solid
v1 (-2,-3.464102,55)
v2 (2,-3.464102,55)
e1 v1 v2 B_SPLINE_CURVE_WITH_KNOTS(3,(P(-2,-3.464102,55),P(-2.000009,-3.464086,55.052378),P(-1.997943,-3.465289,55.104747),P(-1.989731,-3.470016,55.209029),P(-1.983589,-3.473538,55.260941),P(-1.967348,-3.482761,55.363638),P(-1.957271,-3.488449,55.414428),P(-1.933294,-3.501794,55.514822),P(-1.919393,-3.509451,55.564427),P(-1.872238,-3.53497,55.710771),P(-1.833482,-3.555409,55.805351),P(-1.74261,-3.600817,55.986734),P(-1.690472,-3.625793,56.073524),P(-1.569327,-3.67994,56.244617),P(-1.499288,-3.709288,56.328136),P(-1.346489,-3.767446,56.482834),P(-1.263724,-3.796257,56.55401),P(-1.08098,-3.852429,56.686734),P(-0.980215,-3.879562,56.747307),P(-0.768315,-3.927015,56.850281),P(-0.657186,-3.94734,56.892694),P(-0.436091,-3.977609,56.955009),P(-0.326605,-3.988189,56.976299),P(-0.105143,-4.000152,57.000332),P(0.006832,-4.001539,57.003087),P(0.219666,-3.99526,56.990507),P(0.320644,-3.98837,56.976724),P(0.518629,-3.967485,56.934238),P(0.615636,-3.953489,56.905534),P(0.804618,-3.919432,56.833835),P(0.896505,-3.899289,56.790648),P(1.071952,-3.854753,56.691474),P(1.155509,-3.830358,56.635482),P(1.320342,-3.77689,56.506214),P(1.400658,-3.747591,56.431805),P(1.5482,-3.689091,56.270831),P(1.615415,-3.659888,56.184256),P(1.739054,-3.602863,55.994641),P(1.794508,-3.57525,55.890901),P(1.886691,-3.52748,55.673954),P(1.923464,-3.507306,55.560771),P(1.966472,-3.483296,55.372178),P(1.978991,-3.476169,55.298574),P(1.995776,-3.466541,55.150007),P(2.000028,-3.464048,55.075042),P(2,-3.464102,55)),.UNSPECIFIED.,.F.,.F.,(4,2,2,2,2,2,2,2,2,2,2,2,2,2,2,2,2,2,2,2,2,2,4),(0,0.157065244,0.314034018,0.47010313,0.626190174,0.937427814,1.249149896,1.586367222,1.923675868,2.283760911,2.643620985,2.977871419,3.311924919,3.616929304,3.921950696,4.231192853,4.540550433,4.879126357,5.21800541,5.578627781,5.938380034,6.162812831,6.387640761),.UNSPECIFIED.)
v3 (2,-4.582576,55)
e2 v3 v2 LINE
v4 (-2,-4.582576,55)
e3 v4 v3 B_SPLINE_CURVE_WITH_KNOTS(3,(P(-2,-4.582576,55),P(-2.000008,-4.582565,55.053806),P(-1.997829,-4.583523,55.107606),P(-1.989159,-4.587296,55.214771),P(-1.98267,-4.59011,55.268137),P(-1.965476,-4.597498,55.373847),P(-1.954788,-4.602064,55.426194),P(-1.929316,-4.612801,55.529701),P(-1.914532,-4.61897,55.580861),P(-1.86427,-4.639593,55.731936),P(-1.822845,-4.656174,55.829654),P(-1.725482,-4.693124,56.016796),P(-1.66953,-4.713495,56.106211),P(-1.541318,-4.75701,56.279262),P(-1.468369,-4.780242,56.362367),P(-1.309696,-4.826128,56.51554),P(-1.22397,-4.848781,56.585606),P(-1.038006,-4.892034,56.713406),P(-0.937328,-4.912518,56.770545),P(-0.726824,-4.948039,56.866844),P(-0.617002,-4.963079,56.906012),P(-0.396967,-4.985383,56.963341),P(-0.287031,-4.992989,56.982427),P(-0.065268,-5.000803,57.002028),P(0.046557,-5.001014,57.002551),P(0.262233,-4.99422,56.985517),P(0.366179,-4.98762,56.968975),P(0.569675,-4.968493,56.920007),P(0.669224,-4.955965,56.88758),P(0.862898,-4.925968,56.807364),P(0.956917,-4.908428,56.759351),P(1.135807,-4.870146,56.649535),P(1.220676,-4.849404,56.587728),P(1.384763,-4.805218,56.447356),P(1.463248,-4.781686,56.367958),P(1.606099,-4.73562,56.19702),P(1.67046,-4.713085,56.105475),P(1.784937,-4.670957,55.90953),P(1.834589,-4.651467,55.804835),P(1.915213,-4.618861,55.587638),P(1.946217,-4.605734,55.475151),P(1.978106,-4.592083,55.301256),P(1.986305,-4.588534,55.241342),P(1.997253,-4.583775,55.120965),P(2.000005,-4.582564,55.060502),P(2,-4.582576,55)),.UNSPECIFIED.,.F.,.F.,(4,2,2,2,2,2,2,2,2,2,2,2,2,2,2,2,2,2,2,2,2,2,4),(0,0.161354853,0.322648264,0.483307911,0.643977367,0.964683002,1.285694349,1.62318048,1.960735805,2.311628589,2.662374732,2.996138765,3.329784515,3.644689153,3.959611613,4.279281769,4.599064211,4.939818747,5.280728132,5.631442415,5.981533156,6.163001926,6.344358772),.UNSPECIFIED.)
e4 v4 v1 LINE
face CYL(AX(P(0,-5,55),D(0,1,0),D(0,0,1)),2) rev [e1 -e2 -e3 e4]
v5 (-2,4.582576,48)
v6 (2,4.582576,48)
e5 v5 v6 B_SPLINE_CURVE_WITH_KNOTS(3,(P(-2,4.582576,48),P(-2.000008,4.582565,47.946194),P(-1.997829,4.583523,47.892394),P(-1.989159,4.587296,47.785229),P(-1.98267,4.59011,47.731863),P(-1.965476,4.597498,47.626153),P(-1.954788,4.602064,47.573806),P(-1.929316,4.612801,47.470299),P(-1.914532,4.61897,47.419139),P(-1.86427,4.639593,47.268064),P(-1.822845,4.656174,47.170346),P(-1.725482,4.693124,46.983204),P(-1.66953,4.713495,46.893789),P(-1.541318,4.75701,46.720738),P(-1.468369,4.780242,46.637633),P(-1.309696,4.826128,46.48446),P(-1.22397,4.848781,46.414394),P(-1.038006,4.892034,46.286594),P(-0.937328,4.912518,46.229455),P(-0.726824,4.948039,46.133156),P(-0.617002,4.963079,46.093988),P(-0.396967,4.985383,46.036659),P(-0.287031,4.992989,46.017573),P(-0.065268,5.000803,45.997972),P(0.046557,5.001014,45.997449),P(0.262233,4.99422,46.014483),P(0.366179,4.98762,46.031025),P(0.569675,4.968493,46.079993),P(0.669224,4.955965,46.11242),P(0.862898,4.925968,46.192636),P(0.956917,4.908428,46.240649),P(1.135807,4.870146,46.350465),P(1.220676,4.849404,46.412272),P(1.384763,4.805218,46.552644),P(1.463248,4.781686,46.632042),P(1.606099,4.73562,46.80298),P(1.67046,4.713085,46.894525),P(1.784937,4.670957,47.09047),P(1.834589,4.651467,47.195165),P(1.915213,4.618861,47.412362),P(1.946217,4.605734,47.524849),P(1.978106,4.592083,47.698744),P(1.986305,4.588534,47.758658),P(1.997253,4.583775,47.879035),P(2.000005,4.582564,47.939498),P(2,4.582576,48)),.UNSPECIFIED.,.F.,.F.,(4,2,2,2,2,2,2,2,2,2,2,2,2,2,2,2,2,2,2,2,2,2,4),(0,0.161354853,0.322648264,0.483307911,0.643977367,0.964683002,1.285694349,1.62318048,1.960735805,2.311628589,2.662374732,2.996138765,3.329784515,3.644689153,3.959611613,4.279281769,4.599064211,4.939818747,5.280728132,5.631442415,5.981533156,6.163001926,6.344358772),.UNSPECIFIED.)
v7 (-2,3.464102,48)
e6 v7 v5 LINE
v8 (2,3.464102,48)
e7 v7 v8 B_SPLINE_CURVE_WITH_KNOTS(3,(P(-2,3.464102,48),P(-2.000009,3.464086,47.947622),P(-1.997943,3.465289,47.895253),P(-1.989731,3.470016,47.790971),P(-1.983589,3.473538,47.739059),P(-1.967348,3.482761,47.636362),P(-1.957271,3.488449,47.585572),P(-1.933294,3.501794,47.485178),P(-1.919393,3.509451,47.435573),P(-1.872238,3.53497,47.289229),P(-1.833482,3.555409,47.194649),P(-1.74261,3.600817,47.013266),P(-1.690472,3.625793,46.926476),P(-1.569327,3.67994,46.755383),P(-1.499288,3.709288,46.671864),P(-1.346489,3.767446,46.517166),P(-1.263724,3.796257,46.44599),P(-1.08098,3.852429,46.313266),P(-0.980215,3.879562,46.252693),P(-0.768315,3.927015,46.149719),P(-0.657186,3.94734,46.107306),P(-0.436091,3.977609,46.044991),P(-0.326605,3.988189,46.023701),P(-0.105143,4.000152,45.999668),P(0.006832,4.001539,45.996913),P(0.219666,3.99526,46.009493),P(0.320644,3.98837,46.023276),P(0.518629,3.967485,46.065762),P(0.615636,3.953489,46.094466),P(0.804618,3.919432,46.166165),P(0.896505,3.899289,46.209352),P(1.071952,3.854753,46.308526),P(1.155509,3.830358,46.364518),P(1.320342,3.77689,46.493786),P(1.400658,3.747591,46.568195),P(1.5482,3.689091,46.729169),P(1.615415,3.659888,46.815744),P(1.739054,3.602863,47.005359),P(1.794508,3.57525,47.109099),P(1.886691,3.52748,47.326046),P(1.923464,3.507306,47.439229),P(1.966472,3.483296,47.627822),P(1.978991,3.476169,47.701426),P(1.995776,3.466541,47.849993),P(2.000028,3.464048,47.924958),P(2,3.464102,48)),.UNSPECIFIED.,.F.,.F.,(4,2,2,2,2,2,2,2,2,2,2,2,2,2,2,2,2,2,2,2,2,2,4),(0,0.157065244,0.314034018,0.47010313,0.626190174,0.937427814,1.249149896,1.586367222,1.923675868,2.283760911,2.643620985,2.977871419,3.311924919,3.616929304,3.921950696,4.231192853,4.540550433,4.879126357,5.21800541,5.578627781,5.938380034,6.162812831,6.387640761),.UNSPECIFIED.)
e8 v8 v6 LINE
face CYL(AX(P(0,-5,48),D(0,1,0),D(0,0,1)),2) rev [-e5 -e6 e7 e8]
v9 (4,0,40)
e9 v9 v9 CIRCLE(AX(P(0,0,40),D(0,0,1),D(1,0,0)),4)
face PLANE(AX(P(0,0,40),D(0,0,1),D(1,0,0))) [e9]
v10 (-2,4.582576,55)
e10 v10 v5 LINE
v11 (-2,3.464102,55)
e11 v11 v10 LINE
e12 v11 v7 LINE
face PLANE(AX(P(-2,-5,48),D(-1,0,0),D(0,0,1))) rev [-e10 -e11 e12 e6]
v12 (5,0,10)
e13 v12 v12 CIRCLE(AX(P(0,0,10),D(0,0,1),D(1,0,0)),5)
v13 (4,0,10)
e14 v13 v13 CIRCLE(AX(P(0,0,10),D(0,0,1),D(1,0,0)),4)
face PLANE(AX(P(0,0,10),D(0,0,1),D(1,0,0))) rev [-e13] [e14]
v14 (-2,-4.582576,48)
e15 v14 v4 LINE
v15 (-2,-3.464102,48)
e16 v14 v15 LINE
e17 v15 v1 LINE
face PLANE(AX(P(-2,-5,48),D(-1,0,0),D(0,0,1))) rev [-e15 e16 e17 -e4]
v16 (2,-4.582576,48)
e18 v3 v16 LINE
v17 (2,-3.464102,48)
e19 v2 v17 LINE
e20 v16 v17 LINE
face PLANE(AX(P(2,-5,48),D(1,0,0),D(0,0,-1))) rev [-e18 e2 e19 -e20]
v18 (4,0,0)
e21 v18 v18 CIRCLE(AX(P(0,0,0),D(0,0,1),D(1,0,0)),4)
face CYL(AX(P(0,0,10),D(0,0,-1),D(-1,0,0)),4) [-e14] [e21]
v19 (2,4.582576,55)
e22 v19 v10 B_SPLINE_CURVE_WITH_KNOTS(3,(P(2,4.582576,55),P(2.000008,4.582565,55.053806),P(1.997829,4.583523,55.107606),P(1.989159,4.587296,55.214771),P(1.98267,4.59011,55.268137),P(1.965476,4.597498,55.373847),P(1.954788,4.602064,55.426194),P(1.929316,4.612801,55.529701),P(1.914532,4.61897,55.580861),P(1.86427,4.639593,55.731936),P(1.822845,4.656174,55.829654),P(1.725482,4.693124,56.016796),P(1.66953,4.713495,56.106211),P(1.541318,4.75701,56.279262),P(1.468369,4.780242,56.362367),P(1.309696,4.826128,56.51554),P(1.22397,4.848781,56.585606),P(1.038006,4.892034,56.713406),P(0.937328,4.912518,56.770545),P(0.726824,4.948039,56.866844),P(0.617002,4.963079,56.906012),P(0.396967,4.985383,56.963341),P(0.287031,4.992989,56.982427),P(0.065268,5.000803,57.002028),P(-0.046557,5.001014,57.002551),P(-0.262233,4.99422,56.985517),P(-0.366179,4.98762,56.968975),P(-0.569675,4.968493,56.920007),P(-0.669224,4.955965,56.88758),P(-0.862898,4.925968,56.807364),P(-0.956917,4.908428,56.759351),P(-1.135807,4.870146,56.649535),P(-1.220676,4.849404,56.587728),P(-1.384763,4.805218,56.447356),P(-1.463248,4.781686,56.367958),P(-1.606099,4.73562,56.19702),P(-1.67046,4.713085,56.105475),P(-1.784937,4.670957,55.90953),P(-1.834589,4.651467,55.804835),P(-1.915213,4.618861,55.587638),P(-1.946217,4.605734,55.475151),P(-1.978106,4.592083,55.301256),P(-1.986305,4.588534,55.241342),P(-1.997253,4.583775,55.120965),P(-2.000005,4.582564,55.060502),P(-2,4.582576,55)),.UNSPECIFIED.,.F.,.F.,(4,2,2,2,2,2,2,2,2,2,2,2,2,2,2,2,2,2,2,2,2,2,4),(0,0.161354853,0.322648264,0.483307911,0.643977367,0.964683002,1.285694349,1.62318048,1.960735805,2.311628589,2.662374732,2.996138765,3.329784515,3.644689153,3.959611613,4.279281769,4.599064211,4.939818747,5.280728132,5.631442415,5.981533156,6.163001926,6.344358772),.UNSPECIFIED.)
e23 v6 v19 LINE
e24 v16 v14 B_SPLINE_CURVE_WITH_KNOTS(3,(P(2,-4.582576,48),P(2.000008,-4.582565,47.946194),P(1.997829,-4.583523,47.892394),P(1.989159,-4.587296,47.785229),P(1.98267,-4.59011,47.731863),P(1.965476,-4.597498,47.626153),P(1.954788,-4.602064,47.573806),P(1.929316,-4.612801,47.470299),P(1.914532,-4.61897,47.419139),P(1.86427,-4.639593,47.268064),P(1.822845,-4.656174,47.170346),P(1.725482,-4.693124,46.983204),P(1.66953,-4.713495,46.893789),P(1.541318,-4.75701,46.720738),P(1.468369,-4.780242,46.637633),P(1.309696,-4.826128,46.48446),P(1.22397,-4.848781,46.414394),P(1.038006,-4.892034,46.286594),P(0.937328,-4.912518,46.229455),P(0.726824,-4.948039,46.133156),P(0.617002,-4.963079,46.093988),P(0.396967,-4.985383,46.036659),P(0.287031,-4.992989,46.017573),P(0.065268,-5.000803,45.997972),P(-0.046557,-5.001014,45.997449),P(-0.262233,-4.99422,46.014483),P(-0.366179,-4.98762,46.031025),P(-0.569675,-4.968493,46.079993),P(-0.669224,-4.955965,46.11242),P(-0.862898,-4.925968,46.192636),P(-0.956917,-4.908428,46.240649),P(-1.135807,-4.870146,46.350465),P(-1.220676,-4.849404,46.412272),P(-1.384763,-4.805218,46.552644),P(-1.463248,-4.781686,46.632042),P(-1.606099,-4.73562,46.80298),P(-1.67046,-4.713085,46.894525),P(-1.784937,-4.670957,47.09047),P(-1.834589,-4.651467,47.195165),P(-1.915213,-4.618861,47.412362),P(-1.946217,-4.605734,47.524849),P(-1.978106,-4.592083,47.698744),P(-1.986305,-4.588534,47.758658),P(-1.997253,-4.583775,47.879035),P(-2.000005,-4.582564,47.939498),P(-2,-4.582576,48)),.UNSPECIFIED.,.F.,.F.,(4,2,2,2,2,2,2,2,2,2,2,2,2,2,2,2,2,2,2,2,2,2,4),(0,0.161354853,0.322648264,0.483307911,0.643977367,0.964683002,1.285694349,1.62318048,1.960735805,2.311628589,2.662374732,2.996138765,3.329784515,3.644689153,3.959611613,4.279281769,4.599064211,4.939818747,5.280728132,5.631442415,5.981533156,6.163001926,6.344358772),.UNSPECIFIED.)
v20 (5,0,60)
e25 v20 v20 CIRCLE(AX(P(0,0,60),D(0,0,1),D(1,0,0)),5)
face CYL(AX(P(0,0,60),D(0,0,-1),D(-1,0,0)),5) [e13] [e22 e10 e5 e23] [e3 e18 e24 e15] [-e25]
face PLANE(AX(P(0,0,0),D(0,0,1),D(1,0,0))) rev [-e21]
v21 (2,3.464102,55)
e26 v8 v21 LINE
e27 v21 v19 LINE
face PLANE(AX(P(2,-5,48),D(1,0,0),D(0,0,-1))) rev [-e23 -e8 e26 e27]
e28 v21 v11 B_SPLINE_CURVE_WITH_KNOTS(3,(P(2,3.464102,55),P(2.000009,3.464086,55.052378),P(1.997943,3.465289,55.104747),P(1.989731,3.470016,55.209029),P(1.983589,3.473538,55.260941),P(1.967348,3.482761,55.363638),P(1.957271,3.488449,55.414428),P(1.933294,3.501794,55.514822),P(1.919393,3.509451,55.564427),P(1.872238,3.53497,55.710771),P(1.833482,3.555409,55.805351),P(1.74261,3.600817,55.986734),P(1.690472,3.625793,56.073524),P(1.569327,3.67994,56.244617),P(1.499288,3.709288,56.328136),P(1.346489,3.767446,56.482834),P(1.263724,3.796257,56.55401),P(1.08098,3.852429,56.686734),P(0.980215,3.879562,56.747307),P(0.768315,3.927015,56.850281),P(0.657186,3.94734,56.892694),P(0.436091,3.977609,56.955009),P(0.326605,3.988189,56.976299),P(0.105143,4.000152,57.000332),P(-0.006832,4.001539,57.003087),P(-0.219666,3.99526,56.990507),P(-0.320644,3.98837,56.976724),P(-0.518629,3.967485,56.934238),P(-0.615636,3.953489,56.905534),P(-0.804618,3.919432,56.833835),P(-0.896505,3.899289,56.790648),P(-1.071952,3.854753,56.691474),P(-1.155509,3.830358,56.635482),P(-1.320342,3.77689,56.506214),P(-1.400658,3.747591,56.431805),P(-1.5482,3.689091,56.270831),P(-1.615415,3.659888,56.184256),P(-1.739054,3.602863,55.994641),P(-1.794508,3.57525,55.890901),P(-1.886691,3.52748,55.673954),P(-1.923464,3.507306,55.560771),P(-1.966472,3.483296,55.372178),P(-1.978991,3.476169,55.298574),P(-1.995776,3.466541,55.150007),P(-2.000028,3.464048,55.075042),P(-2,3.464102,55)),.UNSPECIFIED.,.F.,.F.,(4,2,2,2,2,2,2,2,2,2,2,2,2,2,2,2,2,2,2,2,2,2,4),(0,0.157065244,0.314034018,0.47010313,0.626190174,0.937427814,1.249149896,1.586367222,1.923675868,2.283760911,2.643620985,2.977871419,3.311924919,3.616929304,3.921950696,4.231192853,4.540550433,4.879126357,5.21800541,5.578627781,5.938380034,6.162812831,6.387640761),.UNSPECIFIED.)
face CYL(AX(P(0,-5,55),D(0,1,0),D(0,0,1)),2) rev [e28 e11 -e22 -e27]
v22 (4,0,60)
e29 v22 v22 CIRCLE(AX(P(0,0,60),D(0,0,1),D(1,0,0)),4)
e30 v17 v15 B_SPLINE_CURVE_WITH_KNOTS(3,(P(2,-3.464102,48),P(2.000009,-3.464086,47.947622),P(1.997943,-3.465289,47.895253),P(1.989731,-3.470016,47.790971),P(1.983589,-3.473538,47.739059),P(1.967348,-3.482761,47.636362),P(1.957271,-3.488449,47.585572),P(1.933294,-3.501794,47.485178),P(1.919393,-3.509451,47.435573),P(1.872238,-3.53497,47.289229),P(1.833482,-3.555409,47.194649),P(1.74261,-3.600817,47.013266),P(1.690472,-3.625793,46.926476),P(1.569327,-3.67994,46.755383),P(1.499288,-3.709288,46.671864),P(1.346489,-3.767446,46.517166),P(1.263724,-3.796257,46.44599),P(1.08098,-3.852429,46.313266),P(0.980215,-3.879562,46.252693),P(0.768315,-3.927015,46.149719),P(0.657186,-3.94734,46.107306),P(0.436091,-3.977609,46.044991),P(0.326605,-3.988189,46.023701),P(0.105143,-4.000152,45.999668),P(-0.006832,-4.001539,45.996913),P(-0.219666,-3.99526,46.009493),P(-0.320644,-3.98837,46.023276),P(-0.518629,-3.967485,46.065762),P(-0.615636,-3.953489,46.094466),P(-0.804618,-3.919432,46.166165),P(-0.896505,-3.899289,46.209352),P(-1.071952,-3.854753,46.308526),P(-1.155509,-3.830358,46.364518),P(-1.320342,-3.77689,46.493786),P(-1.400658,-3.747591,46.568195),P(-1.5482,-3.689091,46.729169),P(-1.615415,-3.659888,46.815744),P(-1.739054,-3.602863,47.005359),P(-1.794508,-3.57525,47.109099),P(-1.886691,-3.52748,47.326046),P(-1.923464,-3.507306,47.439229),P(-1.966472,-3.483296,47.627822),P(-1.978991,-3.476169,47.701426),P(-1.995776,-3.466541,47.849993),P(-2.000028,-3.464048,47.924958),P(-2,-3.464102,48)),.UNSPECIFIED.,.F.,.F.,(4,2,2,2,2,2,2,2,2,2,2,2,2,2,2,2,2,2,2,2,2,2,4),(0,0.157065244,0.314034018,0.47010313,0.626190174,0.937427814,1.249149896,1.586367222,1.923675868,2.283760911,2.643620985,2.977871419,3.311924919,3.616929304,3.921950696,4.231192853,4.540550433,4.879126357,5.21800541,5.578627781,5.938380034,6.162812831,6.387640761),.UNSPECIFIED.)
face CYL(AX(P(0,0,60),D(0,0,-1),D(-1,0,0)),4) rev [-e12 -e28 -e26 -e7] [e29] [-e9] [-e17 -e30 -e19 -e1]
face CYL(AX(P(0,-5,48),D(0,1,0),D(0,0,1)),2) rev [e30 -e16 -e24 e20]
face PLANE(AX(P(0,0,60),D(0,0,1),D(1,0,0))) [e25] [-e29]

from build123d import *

# Parameters (mm, degrees)
SKETCH1_R               = 5
BOSS_EXTRUDE1_DEPTH     = 60
SKETCH1_4_R             = 5
SKETCH1_4_R_2           = 4
CUT_EXTRUDE1_DEPTH      = 10
CUT_EXTRUDE2_START      = 40
SKETCH1_5_R             = 4
CUT_EXTRUDE2_DEPTH      = 20
CUT_EXTRUDE3_DEPTH      = 61.415229868
CUT_EXTRUDE3_DEPTH_BACK = 61.415229868


with BuildPart() as part:
    # Sketch1 → Boss-Extrude1 (new body)
    with BuildSketch(Plane.XY):
        Circle(SKETCH1_R)
    extrude(amount=BOSS_EXTRUDE1_DEPTH)

    # Sketch1<4> → Cut-Extrude1 (cut)
    with BuildSketch(Plane.XY):
        Circle(SKETCH1_4_R)
        Circle(SKETCH1_4_R_2, mode=Mode.SUBTRACT)
    extrude(amount=CUT_EXTRUDE1_DEPTH, mode=Mode.SUBTRACT)

    # Sketch1<5> → Cut-Extrude2 (cut)
    with BuildSketch(Plane.XY.offset(CUT_EXTRUDE2_START)):
        Circle(SKETCH1_5_R)
    extrude(amount=CUT_EXTRUDE2_DEPTH, mode=Mode.SUBTRACT)

    # Sketch2 → Cut-Extrude3 (cut, two sides: drawn at the far end of the back side and taken through both)
    with BuildSketch(Plane(origin=(0, 0, 0), x_dir=(1, 0, 0), z_dir=(0, 1, 0)).offset(-CUT_EXTRUDE3_DEPTH_BACK)):
        with BuildLine():
            Line((2, -48), (2, -55))
            ThreePointArc((2, -55), (0, -57), (-2, -55))
            Line((-2, -55), (-2, -48))
            ThreePointArc((-2, -48), (0, -46), (2, -48))
        make_face()
    extrude(amount=CUT_EXTRUDE3_DEPTH + CUT_EXTRUDE3_DEPTH_BACK, mode=Mode.SUBTRACT)


solid = part.part
